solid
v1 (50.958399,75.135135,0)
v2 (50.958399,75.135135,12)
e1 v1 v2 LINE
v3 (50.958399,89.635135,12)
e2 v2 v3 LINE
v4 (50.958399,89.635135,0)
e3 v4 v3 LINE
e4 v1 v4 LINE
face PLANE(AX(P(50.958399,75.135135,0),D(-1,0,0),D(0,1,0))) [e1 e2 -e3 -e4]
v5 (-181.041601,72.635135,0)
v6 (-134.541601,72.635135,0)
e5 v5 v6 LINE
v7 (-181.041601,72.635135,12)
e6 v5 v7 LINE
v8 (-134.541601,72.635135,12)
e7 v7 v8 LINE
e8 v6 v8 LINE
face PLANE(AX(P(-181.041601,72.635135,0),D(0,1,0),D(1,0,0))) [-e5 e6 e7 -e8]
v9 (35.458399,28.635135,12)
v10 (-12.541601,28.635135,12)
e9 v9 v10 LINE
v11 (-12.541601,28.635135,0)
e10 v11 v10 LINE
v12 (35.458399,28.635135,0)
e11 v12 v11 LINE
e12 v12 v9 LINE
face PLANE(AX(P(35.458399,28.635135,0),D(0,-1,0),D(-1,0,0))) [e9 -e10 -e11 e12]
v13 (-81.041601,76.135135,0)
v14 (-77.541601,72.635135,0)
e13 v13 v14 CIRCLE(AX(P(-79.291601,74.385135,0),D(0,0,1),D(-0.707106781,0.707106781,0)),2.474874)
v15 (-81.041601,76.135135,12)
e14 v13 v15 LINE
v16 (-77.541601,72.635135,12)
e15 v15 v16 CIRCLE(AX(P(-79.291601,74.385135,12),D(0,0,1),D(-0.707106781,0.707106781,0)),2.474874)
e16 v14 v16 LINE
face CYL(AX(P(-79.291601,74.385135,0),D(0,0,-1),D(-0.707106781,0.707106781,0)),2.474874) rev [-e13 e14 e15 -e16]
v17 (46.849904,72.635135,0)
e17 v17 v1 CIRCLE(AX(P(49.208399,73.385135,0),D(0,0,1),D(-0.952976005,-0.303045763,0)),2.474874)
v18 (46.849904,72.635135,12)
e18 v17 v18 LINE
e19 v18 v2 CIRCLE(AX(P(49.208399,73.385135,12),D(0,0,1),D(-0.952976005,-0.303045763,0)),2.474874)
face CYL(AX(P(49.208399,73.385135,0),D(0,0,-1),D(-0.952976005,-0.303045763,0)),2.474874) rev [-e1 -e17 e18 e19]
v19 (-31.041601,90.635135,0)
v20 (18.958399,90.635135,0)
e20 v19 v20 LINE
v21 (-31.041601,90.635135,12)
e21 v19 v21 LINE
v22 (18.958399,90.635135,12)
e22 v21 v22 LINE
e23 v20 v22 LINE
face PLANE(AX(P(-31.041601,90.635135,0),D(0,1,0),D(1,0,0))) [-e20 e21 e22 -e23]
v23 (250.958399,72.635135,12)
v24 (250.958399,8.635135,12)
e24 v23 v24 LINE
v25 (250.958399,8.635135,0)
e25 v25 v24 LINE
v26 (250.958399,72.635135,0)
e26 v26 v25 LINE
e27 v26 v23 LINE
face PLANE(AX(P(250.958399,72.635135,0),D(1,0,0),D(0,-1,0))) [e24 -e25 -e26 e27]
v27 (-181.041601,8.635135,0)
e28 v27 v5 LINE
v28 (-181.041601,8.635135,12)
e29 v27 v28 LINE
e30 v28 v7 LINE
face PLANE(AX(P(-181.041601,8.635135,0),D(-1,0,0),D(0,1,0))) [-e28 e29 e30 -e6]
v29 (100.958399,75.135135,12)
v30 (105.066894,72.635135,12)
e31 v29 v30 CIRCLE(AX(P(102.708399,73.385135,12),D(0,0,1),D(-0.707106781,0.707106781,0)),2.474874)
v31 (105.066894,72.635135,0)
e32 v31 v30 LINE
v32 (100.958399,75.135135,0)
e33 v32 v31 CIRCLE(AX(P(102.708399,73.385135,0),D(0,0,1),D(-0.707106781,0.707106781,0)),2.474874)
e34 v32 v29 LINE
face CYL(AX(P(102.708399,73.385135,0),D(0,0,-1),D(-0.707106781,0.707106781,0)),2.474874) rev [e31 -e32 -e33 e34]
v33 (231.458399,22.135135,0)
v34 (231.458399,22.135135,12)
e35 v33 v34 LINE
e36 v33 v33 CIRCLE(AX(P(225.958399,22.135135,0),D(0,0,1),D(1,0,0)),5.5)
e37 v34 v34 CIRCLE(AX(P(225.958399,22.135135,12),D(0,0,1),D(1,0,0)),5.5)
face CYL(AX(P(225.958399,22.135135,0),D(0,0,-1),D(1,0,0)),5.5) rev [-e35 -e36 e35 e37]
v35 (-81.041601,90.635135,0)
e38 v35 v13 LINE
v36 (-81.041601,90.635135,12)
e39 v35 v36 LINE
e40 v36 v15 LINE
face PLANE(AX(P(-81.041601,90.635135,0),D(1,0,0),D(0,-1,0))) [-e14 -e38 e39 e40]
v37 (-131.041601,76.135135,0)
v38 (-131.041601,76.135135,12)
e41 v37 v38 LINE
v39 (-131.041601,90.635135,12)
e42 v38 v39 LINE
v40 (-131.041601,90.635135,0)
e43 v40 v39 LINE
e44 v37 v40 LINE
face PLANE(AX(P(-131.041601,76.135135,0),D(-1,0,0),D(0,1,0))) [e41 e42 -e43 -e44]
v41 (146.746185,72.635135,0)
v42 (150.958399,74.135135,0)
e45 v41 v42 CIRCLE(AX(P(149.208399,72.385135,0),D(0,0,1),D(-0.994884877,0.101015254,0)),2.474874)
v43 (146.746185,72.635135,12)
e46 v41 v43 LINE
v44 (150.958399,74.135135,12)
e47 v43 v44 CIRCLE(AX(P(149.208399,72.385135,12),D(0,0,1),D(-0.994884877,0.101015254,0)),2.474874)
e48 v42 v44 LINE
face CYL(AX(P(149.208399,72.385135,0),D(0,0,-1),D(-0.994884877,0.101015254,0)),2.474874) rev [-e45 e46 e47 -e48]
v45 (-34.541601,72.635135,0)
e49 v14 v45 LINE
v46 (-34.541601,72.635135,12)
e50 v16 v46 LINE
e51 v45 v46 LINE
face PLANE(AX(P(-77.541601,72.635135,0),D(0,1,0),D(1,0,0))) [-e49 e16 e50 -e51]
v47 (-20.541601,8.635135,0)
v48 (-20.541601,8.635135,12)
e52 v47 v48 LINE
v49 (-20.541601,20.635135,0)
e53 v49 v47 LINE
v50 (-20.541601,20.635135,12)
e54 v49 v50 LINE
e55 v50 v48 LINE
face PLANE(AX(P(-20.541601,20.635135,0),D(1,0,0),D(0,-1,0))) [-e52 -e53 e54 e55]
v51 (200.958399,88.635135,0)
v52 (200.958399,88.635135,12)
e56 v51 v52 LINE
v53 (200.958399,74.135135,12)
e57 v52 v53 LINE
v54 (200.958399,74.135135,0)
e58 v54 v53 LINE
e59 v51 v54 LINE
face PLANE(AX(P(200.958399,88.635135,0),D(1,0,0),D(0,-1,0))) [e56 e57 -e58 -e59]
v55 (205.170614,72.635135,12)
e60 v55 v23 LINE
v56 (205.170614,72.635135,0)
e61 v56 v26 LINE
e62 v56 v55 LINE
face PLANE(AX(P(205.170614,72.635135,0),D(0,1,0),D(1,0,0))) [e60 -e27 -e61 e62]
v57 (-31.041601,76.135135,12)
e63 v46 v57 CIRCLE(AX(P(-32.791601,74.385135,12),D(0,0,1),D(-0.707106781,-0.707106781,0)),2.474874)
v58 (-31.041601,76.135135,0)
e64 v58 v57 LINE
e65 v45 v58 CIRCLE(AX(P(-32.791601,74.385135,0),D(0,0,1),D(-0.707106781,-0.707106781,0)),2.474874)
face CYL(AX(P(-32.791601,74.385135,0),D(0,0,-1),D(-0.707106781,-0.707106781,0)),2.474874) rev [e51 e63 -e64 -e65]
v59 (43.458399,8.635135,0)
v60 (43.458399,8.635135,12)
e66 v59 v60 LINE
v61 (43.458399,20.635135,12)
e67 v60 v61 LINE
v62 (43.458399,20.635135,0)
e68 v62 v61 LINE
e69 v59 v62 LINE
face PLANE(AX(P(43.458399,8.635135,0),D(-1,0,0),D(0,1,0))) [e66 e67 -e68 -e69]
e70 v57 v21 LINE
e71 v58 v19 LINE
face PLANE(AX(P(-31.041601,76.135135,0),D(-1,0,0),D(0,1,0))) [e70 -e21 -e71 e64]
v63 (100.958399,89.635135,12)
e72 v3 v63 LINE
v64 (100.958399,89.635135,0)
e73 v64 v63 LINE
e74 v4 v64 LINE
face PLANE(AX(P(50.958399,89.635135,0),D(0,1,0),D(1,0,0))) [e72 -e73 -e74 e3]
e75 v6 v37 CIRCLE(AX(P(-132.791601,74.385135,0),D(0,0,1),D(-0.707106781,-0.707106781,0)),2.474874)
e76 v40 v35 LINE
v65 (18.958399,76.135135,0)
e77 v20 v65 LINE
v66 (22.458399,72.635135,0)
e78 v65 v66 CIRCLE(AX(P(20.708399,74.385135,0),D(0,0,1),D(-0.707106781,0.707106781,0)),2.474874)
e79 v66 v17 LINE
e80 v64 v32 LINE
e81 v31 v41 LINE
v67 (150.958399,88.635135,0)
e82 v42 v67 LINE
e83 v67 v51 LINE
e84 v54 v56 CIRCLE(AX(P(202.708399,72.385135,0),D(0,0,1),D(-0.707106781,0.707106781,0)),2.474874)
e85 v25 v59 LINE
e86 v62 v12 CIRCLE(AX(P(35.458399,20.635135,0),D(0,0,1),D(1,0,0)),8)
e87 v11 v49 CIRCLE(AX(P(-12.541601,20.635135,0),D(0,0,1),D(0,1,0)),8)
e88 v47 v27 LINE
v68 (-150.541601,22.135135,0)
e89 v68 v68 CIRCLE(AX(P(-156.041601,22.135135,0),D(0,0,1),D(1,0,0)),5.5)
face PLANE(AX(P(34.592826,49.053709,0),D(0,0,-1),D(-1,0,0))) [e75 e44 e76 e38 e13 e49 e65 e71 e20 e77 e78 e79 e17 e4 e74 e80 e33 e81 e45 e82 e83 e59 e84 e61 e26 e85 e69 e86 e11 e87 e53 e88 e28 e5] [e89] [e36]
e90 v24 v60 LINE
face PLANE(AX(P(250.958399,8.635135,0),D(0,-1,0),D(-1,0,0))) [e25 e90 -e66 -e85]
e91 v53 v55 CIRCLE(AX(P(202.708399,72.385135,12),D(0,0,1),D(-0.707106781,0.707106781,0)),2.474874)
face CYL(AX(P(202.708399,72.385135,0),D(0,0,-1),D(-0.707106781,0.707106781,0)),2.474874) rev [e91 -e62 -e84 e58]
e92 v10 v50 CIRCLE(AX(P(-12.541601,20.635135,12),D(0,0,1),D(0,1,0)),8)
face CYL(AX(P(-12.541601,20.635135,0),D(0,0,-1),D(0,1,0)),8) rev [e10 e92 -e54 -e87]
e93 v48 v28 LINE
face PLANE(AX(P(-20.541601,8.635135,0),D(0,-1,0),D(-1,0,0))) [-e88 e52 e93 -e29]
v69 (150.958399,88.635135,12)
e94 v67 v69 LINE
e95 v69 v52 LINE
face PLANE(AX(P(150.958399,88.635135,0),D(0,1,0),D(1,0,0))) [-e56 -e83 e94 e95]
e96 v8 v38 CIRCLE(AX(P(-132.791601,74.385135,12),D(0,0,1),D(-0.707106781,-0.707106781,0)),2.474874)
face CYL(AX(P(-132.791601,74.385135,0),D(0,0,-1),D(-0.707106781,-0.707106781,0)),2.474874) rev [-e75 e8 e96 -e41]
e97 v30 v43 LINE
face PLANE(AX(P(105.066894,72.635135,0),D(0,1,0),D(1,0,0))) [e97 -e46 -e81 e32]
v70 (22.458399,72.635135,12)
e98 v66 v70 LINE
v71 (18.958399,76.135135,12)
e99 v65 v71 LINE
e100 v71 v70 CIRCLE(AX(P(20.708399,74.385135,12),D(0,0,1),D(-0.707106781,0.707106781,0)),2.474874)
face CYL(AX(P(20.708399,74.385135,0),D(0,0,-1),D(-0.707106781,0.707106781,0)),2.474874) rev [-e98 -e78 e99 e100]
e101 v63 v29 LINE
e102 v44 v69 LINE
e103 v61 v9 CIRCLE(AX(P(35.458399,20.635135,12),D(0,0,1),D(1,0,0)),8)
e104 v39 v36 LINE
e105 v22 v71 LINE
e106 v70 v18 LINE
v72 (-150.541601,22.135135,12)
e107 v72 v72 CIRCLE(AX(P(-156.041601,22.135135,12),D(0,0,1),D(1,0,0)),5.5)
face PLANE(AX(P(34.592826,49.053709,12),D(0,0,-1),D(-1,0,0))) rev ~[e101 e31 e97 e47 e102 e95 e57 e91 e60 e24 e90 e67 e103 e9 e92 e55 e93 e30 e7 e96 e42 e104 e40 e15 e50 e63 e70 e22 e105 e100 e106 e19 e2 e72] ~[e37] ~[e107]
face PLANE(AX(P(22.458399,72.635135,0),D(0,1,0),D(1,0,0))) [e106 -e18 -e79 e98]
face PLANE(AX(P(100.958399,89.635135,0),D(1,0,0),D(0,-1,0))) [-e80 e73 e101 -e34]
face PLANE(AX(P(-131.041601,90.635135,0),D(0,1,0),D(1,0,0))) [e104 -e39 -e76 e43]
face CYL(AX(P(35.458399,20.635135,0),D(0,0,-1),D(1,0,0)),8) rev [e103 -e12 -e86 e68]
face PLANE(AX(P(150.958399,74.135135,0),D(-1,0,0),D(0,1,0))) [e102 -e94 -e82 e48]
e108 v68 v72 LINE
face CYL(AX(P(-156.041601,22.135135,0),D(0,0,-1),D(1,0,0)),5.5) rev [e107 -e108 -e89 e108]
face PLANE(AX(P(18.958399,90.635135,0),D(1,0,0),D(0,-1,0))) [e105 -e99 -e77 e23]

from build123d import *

# Parameters (mm, degrees)
CROQUIS1_R              = 5.5
SALIENTE_EXTRUIR1_DEPTH = 12


with BuildPart() as part:
    # Croquis1 → Saliente-Extruir1 (new body)
    with BuildSketch(Plane.XY):
        with BuildLine():
            Line((-181.041600866, 72.635135135), (-134.541600866, 72.635135135))
            ThreePointArc((-134.541600866, 72.635135135), (-131.041600866, 72.635135135), (-131.041600866, 76.135135135))
            Line((-131.041600866, 76.135135135), (-131.041600866, 90.635135135))
            Line((-131.041600866, 90.635135135), (-81.041600866, 90.635135135))
            Line((-81.041600866, 90.635135135), (-81.041600866, 76.135135135))
            ThreePointArc((-81.041600866, 76.135135135), (-81.041600866, 72.635135135), (-77.541600866, 72.635135135))
            Line((-77.541600866, 72.635135135), (-34.541600866, 72.635135135))
            ThreePointArc((-34.541600866, 72.635135135), (-31.041600866, 72.635135135), (-31.041600866, 76.135135135))
            Line((-31.041600866, 76.135135135), (-31.041600866, 90.635135135))
            Line((-31.041600866, 90.635135135), (18.958399134, 90.635135135))
            Line((18.958399134, 90.635135135), (18.958399134, 76.135135135))
            ThreePointArc((18.958399134, 76.135135135), (18.958399134, 72.635135135), (22.458399134, 72.635135135))
            Line((22.458399134, 72.635135135), (46.849903851, 72.635135135))
            ThreePointArc((46.849903851, 72.635135135), (50.494893062, 71.270913441), (50.958399134, 75.135135135))
            Line((50.958399134, 75.135135135), (50.958399134, 89.635135135))
            Line((50.958399134, 89.635135135), (100.958399134, 89.635135135))
            Line((100.958399134, 89.635135135), (100.958399134, 75.135135135))
            ThreePointArc((100.958399134, 75.135135135), (101.421905205, 71.270913441), (105.066894417, 72.635135135))
            Line((105.066894417, 72.635135135), (146.746184683, 72.635135135))
            ThreePointArc((146.746184683, 72.635135135), (150.038647504, 70.053679014), (150.958399134, 74.135135135))
            Line((150.958399134, 74.135135135), (150.958399134, 88.635135135))
            Line((150.958399134, 88.635135135), (200.958399134, 88.635135135))
            Line((200.958399134, 88.635135135), (200.958399134, 74.135135135))
            ThreePointArc((200.958399134, 74.135135135), (201.878150764, 70.053679014), (205.170613584, 72.635135135))
            Line((205.170613584, 72.635135135), (250.958399134, 72.635135135))
            Line((250.958399134, 72.635135135), (250.958399134, 8.635135135))
            Line((250.958399134, 8.635135135), (43.458399134, 8.635135135))
            Line((43.458399134, 8.635135135), (43.458399134, 20.635135135))
            ThreePointArc((43.458399134, 20.635135135), (41.115253383, 26.291989385), (35.458399134, 28.635135135))
            Line((35.458399134, 28.635135135), (-12.541600866, 28.635135135))
            ThreePointArc((-12.541600866, 28.635135135), (-18.198455116, 26.291989385), (-20.541600866, 20.635135135))
            Line((-20.541600866, 20.635135135), (-20.541600866, 8.635135135))
            Line((-20.541600866, 8.635135135), (-181.041600866, 8.635135135))
            Line((-181.041600866, 8.635135135), (-181.041600866, 72.635135135))
        make_face()
        with Locations((-156.041600866, 22.135135135)):
            Circle(CROQUIS1_R, mode=Mode.SUBTRACT)
        with Locations((225.958399134, 22.135135135)):
            Circle(CROQUIS1_R, mode=Mode.SUBTRACT)
    extrude(amount=SALIENTE_EXTRUIR1_DEPTH)


solid = part.part
